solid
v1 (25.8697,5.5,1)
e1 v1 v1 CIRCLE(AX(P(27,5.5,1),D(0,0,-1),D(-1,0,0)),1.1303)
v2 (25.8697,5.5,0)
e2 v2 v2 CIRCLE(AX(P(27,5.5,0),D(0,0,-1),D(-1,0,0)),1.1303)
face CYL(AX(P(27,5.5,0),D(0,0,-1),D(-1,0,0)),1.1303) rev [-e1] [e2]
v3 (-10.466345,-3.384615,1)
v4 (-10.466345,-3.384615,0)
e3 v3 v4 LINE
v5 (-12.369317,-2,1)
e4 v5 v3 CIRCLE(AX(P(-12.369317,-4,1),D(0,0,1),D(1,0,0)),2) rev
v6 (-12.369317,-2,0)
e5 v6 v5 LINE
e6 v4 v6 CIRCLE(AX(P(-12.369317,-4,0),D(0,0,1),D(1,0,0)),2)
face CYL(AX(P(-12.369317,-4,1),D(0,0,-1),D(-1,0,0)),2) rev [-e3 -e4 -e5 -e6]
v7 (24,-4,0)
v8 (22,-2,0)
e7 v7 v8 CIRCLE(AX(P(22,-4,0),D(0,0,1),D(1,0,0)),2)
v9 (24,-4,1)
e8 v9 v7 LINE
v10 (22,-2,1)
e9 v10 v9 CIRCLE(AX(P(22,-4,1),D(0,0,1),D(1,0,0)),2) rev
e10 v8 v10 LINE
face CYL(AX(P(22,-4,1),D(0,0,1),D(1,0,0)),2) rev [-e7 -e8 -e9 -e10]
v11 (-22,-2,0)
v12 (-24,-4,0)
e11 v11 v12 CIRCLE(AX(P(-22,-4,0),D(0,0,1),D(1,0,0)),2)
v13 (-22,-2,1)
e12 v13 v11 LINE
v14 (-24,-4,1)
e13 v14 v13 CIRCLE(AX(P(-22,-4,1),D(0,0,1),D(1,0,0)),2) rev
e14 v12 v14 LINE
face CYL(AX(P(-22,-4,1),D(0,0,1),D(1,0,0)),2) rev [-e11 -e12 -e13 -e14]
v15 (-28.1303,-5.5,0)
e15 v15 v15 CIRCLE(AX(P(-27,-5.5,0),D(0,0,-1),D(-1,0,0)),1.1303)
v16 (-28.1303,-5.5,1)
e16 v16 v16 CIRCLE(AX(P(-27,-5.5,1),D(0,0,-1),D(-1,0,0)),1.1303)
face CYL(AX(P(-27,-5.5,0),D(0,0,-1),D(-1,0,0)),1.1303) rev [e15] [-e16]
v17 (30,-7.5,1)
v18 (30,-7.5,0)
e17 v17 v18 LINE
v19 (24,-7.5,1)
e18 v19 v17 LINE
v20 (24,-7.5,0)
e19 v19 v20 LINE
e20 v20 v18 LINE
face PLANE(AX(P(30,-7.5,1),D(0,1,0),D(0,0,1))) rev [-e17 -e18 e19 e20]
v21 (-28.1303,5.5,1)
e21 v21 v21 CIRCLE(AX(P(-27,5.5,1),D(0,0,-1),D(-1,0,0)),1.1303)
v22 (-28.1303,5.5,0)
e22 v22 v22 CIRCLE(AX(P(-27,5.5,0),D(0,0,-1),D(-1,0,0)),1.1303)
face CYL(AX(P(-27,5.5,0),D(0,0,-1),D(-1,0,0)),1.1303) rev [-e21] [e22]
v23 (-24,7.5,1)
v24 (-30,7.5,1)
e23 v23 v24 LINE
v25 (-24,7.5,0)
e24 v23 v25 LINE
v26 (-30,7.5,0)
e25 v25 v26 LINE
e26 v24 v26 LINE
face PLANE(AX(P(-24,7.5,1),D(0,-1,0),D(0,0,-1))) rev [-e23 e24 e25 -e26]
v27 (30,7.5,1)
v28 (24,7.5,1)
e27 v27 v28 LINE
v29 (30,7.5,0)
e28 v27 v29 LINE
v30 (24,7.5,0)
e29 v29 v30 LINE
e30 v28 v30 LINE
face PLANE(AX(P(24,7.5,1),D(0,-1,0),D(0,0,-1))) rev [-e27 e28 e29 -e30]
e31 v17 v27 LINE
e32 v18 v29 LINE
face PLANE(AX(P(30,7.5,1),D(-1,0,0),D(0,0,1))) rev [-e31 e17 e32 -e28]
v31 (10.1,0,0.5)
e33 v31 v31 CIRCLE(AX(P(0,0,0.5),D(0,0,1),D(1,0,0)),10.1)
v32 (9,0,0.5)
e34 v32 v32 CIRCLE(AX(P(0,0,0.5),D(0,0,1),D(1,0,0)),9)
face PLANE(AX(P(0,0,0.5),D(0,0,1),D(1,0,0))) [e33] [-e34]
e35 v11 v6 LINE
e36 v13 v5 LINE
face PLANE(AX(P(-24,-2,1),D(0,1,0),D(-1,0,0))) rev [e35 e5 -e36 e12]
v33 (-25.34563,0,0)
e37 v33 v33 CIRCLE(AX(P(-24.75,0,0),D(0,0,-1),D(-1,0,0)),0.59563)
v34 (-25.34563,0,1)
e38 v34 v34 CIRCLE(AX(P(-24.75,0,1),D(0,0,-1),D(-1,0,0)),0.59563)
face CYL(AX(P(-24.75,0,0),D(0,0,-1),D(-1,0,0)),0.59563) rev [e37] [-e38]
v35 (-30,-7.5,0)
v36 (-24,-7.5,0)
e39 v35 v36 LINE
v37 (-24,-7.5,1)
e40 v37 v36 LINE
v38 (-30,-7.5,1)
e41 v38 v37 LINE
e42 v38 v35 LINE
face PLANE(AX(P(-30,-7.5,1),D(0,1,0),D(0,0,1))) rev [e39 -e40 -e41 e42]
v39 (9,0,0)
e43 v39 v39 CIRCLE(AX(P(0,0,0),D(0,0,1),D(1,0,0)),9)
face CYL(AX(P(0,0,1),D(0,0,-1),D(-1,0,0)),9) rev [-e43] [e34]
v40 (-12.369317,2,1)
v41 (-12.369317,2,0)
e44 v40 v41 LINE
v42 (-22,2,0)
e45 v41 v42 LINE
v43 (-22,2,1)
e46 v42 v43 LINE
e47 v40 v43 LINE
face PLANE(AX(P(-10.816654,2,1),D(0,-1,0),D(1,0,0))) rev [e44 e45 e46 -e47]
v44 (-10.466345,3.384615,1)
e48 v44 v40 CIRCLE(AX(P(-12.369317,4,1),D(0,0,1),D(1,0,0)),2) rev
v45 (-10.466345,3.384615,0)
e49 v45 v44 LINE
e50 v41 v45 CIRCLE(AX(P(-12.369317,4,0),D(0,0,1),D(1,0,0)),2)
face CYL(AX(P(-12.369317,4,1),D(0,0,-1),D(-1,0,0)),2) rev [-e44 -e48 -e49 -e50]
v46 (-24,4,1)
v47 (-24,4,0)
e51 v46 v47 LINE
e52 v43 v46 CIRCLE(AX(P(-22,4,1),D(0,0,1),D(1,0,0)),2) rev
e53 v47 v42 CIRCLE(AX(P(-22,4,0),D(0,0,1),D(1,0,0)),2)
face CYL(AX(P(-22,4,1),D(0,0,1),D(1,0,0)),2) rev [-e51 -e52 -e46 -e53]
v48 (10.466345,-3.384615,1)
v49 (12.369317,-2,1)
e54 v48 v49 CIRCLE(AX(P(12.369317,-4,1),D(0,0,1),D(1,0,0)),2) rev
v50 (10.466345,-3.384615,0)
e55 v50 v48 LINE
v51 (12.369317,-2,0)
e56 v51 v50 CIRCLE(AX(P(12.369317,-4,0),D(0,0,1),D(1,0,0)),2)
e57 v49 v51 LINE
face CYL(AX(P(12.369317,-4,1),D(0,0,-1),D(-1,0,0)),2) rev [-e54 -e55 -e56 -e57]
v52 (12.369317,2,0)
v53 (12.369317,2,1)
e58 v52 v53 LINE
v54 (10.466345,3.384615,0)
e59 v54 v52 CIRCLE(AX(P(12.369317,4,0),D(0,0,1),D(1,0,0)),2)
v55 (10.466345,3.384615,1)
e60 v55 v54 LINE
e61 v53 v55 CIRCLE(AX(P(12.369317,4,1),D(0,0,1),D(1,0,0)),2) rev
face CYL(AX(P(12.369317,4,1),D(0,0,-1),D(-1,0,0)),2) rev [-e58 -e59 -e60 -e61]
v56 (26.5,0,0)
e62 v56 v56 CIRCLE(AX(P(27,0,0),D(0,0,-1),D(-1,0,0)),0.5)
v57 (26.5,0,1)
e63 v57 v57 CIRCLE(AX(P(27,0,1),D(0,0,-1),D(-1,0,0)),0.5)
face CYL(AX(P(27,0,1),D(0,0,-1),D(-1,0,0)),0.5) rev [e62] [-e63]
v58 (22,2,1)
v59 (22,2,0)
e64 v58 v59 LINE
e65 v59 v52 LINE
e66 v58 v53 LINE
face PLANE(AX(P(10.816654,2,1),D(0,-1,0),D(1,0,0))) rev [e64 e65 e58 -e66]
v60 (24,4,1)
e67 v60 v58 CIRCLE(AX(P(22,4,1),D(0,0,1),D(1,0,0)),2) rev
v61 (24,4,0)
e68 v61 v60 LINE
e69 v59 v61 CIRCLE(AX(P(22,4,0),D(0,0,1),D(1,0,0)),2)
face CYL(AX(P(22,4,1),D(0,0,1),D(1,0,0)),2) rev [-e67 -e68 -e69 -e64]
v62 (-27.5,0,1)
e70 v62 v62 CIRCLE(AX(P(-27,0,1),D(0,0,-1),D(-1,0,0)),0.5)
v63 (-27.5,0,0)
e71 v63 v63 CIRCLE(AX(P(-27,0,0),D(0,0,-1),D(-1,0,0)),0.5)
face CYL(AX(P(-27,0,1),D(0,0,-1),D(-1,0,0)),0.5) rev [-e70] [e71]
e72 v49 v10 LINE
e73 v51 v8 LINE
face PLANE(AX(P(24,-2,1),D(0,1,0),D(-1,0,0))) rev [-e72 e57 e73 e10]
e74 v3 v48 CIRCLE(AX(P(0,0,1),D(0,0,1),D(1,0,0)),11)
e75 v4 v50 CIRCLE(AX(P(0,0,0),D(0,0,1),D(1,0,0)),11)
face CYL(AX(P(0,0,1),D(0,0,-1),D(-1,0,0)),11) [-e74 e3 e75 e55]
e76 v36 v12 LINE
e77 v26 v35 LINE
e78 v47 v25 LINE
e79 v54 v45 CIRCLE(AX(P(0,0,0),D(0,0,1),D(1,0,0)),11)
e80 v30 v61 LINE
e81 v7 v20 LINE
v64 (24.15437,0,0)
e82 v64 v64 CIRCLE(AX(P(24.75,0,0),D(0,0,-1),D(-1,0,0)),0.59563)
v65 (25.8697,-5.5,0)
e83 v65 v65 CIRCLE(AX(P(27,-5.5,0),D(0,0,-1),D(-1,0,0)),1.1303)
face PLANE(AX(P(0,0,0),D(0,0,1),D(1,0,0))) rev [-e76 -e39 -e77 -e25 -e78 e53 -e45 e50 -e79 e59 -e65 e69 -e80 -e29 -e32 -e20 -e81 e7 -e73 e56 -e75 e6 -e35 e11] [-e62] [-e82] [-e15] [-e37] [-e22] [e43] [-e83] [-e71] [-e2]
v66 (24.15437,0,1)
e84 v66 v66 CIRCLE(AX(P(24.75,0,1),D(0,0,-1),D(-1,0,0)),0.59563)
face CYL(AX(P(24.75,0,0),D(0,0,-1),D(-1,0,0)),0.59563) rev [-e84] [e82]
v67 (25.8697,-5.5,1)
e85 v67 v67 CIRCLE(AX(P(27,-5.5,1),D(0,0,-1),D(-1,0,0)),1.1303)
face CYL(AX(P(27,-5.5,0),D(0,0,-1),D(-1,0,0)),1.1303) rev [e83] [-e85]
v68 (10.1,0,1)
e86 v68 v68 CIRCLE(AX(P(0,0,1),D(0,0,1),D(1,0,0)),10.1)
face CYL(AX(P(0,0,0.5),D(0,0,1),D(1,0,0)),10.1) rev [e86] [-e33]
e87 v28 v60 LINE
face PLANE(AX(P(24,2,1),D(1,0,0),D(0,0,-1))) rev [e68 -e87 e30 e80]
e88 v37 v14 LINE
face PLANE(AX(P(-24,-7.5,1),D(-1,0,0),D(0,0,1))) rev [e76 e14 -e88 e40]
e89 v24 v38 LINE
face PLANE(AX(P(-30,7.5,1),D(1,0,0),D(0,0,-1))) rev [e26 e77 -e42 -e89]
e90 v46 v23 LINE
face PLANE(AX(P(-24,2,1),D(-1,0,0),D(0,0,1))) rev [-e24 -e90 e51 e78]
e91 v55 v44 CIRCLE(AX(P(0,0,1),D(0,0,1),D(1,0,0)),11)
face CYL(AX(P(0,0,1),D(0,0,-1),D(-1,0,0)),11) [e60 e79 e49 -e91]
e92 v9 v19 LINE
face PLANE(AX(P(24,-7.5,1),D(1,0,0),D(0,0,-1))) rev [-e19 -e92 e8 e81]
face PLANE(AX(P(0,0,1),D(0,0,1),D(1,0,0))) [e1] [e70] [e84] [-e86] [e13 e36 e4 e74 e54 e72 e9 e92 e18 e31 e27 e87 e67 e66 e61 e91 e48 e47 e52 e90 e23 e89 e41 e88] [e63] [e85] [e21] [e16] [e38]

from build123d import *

# Parameters (mm, degrees)
SKETCH1_R             = 9
BOSS_EXTRUDE1_DEPTH   = 1
SKETCH2_R             = 10.1
CUT_EXTRUDE1_DEPTH    = 0.5
SKETCH6_R             = 0.5
CUT_EXTRUDE3_DEPTH    = 32.968734726
F_1_CLEARANCE_HOLE1_D = 2.2606
F_0_80_TAPPED_HOLE1_D = 1.19126
FILLET1_R             = 2


with BuildPart() as part:
    # Sketch1 → Boss-Extrude1 (new body)
    with BuildSketch(Plane.XY):
        with BuildLine():
            Line((10.816653826, 2), (24, 2))
            Line((24, 2), (24, 7.5))
            Line((24, 7.5), (30, 7.5))
            Line((30, 7.5), (30, -7.5))
            Line((30, -7.5), (24, -7.5))
            Line((24, -7.5), (24, -2))
            Line((24, -2), (10.816653826, -2))
            ThreePointArc((10.816653826, -2), (0, -11), (-10.816653826, -2))
            Line((-10.816653826, -2), (-24, -2))
            Line((-24, -2), (-24, -7.5))
            Line((-24, -7.5), (-30, -7.5))
            Line((-30, -7.5), (-30, 7.5))
            Line((-30, 7.5), (-24, 7.5))
            Line((-24, 7.5), (-24, 2))
            Line((-24, 2), (-10.816653826, 2))
            ThreePointArc((-10.816653826, 2), (0, 11), (10.816653826, 2))
        make_face()
        Circle(SKETCH1_R, mode=Mode.SUBTRACT)
    extrude(amount=BOSS_EXTRUDE1_DEPTH)

    # Sketch2 → Cut-Extrude1 (cut)
    with BuildSketch(Plane.XY.offset(1)):
        Circle(SKETCH2_R)
    extrude(amount=-CUT_EXTRUDE1_DEPTH, mode=Mode.SUBTRACT)

    # Sketch6 → Cut-Extrude3 (cut, through all)
    with BuildSketch(Plane(origin=(0, 0, 0), x_dir=(-1, 0, 0), z_dir=(0, 0, -1))):
        with Locations((-27, 0)):
            Circle(SKETCH6_R)
        with Locations((27, 0)):
            Circle(SKETCH6_R)
    extrude(amount=-CUT_EXTRUDE3_DEPTH, mode=Mode.SUBTRACT)

    # #1 Clearance Hole1 (through all)
    with Locations(Plane(origin=(0, 0, 0), x_dir=(-1, 0, 0), z_dir=(0, 0, -1))):
        with Locations((-27, -5.5), (-27, 5.5), (27, 5.5), (27, -5.5)):
            Hole(F_1_CLEARANCE_HOLE1_D / 2)

    # #0-80 Tapped Hole1 (through all)
    with Locations(Plane(origin=(0, 0, 0), x_dir=(-1, 0, 0), z_dir=(0, 0, -1))):
        with Locations((-24.75, 0), (24.75, 0)):
            Hole(F_0_80_TAPPED_HOLE1_D / 2)

    # Fillet1
    fillet1_edges = [part.edges().sort_by_distance(p)[0] for p in [
        (-24, 2, 0.5),
        (-10.816653826, 2, 0.5),
        (10.816653826, 2, 0.5),
        (24, 2, 0.5),
        (24, -2, 0.5),
        (10.816653826, -2, 0.5),
        (-10.816653826, -2, 0.5),
        (-24, -2, 0.5),
    ]]
    fillet(fillet1_edges, radius=FILLET1_R)


solid = part.part
